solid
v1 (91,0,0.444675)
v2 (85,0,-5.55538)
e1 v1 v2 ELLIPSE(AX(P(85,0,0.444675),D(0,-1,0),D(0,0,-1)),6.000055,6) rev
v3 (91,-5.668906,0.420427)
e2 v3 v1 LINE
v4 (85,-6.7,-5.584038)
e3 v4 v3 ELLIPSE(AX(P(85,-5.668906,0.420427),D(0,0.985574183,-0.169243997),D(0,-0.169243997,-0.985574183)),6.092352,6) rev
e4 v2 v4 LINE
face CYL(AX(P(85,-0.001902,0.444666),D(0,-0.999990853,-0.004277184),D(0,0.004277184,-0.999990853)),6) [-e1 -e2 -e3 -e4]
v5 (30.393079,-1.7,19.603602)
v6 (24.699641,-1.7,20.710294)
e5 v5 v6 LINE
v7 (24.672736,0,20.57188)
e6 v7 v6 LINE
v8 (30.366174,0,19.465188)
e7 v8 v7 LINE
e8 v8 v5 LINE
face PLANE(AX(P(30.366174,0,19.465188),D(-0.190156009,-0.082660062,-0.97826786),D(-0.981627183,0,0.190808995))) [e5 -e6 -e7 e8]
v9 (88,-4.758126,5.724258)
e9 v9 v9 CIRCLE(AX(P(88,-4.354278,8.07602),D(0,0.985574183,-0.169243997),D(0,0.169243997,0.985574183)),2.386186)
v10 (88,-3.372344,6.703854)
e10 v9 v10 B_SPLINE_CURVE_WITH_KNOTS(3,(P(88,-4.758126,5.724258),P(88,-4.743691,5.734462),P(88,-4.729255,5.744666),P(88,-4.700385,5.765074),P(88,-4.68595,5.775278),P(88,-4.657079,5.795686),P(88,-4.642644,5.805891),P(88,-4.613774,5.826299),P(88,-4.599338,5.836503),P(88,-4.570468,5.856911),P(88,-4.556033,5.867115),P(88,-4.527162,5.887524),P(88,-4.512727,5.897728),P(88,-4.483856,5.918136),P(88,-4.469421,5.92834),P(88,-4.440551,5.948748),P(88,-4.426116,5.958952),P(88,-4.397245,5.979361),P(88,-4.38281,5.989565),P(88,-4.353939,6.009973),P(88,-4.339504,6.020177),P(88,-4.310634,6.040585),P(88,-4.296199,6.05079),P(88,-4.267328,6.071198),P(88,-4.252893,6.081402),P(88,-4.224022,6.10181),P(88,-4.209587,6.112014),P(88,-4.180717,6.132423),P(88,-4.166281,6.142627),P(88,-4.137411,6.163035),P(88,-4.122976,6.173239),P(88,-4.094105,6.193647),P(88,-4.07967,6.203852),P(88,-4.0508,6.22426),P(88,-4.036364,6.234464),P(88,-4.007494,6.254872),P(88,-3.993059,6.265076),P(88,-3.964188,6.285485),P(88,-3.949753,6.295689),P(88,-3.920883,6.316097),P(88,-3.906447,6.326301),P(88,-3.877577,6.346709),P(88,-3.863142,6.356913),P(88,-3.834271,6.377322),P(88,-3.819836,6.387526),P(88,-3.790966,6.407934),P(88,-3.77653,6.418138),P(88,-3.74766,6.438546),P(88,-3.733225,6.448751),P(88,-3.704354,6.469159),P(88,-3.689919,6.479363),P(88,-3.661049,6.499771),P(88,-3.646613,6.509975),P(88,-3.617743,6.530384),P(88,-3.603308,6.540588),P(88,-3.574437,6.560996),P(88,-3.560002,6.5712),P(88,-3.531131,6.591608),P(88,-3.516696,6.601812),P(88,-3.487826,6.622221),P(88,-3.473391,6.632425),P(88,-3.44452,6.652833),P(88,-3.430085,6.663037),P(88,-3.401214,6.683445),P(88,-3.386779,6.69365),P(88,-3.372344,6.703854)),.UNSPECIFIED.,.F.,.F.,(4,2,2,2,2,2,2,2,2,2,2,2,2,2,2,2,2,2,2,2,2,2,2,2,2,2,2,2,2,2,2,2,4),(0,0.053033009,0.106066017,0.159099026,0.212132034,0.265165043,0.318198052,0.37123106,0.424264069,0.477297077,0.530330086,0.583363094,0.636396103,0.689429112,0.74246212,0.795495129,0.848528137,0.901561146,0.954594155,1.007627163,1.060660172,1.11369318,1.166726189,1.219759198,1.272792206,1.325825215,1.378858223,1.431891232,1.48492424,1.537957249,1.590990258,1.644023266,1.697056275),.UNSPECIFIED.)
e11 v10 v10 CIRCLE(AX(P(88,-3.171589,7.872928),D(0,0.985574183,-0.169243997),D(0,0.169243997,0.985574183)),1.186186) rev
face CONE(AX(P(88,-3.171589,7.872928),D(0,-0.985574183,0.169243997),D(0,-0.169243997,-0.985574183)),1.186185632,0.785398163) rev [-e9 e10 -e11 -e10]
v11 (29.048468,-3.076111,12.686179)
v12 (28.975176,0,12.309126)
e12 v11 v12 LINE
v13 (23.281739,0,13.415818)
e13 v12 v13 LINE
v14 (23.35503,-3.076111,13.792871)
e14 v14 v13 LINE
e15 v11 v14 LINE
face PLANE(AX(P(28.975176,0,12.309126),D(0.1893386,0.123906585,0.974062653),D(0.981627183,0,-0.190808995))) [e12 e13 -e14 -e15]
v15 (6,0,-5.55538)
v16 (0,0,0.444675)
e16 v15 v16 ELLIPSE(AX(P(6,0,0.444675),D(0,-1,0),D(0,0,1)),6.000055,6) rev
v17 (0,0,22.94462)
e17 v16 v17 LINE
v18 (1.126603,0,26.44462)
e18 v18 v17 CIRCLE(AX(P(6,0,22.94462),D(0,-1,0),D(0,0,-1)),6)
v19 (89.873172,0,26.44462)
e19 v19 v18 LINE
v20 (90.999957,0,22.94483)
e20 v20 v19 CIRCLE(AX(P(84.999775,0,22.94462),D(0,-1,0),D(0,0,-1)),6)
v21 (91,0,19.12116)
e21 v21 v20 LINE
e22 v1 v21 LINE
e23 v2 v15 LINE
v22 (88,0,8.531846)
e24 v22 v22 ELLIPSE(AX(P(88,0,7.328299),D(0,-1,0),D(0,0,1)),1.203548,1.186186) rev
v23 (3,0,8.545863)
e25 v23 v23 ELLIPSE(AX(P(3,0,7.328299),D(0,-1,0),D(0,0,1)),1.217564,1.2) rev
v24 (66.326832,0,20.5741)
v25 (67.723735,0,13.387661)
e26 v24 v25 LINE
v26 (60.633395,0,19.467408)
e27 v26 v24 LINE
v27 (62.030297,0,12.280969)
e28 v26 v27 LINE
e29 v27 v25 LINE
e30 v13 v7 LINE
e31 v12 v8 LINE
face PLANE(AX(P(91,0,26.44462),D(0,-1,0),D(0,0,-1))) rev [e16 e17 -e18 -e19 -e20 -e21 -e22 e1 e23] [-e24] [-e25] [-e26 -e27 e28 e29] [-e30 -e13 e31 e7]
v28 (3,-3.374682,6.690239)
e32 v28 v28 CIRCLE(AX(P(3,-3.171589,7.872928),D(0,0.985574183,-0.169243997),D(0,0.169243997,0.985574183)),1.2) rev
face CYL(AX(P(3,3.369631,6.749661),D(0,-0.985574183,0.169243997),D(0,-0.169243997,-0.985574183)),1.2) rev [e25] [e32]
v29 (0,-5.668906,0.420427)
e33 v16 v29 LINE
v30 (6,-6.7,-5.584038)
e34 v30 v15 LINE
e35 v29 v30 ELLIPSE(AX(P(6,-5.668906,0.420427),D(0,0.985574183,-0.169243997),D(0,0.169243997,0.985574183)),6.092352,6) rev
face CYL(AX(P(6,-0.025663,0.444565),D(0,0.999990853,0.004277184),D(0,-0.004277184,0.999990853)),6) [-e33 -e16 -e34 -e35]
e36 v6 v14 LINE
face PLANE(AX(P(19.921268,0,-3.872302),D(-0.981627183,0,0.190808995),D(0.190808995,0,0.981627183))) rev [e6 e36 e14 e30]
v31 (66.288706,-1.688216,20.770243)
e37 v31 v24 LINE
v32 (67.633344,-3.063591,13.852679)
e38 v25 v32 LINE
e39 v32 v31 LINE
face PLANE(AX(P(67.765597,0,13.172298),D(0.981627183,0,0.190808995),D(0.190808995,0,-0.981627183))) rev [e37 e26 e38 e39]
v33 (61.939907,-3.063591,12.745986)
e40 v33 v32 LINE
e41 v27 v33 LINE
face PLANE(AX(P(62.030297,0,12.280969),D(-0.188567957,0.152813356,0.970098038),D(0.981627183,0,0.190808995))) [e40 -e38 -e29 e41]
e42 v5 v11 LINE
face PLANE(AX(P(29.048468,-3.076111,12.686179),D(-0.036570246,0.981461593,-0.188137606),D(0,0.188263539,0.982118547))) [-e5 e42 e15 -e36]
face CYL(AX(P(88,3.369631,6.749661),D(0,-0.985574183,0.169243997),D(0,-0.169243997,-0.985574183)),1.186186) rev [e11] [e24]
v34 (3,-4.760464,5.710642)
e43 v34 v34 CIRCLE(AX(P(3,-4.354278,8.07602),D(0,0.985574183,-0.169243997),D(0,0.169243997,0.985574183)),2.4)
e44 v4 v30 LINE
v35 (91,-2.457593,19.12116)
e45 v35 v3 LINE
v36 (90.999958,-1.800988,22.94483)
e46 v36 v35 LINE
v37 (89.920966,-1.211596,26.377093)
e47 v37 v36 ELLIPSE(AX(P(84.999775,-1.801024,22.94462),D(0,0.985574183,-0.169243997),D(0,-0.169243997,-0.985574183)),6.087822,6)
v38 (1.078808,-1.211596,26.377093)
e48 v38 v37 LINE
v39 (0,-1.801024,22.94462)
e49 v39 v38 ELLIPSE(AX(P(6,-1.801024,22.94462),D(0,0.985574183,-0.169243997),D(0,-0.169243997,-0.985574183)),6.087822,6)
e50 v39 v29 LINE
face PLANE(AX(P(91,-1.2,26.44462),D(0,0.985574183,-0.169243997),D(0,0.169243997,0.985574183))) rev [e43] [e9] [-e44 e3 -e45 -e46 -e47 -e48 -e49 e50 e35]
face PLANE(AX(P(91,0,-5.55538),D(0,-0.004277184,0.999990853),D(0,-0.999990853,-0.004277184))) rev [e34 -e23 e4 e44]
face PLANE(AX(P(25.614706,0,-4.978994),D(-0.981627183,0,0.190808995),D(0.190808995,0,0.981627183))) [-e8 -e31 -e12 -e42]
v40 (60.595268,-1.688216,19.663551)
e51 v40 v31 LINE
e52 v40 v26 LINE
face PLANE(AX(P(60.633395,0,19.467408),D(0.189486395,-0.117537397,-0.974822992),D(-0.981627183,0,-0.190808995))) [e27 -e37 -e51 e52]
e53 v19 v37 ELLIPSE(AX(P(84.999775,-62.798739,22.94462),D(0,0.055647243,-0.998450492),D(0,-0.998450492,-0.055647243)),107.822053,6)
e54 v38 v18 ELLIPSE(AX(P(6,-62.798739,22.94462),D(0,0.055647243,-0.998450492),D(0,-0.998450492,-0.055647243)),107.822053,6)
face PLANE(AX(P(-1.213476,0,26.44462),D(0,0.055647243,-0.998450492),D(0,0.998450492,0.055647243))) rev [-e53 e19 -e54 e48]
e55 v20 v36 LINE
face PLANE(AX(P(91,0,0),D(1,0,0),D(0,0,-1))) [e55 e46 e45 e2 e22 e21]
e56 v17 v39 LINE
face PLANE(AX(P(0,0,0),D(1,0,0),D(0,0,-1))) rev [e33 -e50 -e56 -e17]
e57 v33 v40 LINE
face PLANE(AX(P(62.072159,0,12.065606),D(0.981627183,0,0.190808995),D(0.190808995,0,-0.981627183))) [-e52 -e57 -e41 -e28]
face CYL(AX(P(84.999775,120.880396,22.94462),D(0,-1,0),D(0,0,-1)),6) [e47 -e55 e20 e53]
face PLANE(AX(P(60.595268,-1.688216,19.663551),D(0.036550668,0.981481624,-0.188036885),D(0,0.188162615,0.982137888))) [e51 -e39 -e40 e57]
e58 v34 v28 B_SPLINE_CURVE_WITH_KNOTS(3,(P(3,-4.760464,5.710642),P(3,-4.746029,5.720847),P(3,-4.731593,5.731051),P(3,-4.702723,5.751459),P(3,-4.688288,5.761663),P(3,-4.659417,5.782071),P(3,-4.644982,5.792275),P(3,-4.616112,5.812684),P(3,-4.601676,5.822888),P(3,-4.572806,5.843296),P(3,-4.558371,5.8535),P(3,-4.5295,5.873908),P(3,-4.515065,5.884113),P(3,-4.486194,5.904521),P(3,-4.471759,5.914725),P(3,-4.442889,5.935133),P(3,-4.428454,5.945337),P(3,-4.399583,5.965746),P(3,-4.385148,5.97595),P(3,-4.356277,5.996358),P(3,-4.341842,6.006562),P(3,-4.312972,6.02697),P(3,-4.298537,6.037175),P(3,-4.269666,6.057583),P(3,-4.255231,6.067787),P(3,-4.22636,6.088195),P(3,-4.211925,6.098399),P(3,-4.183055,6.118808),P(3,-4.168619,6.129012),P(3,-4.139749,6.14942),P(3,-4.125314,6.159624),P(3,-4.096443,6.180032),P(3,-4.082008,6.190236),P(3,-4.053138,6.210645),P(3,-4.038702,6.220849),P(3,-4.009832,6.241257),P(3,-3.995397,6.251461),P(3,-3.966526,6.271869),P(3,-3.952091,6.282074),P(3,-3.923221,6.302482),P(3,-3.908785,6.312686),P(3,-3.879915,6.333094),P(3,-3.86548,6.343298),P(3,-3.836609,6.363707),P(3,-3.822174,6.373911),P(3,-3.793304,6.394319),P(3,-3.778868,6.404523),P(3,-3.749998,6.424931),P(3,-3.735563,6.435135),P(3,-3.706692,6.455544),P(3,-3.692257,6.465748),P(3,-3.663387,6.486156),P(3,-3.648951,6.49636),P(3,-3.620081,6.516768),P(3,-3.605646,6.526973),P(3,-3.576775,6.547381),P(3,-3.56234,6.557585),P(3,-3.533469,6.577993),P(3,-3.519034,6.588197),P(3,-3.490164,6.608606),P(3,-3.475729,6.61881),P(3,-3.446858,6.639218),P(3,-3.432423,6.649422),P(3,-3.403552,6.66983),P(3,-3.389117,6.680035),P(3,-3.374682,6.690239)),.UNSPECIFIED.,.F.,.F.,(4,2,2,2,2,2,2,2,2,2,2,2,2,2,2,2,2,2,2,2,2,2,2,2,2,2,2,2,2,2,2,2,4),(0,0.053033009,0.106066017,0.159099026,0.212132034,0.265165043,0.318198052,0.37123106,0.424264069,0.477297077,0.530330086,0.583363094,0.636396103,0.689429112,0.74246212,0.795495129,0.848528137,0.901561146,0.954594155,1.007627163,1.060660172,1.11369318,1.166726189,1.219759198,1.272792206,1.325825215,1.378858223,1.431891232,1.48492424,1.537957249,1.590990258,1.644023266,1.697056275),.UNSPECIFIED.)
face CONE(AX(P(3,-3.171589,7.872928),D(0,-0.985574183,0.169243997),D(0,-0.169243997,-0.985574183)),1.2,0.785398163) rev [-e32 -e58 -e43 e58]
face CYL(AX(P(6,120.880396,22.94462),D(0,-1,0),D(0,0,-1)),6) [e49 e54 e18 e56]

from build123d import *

# Parameters (mm, degrees)
EXTRUDE_2_DEPTH          = 91
FILLET_2_R               = 6
CUT_EXTRUDE_3_DEPTH      = 2.9
CUT_EXTRUDE_3_DEPTH_BACK = 2.9
CUT_EXTRUDE_4_DEPTH      = 2.9
CUT_EXTRUDE_4_DEPTH_BACK = 2.9
CUT_EXTRUDE_5_REACH      = 96.666
SKETCH_17_R              = 1.186185632
SKETCH_17_R_2            = 1.2
CHAMFER_1_SIZE           = 1.2
CUT_EXTRUDE_6_DEPTH      = 91
CUT_EXTRUDE_7_DEPTH      = 96.001094263
CUT_EXTRUDE_7_DEPTH_BACK = 96.001094263


with BuildPart() as part:
    # Эскиз2 → Бобышка-Вытянуть2 (new body)
    with BuildSketch(Plane(origin=(0, 0, 0), x_dir=(0, 0, -1), z_dir=(1, 0, 0))):
        Polygon((-26.444619702, 0), (5.555380298, 0), (5.584037691, -6.7), (-26.444619702, -1.2), align=None)
    extrude(amount=EXTRUDE_2_DEPTH)

    # Скругление2
    fillet_2_edges = [part.edges().sort_by_distance(p)[0] for p in [
        (91, -3.35, -5.569708994),
        (0, -3.35, -5.569708994),
    ]]
    fillet(fillet_2_edges, radius=FILLET_2_R)

    # Эскиз7 → Вырез-Вытянуть3 (cut, two sides: drawn at the far end of the back side and taken through both)
    with BuildSketch(Plane(origin=(22.76798721, 0, -4.425648392), x_dir=(0, -1, 0), z_dir=(0.9816271834476652, 0, -0.19080899537653845)).offset(-CUT_EXTRUDE_3_DEPTH_BACK)):
        Polygon((0, -17.611696981), (0, -24.901696981), (1.7, -25.042701632), (3.07611105, -17.995807395), align=None)
    extrude(amount=CUT_EXTRUDE_3_DEPTH + CUT_EXTRUDE_3_DEPTH_BACK, mode=Mode.SUBTRACT)

    # Эскиз16 → Вырез-Вытянуть4 (cut, two sides: drawn at the far end of the back side and taken through both)
    with BuildSketch(Plane(origin=(64.918878173, 0, 12.618951608), x_dir=(0, -1, 0), z_dir=(-0.9816271834476652, 0, -0.19080899537653845)).offset(-CUT_EXTRUDE_4_DEPTH_BACK)):
        Polygon((0, 0.219393943), (3.063590709, 0.693115345), (1.688216377, 7.740153407), (0, 7.540339831), align=None)
    extrude(amount=CUT_EXTRUDE_4_DEPTH + CUT_EXTRUDE_4_DEPTH_BACK, mode=Mode.SUBTRACT)

    # Вырез-Вытянуть5: up to this plane
    cut_extrude_5_end = Plane(origin=(91, 0, 26.444619702), z_dir=(0, -1, 0))
    # Эскиз17 → Вырез-Вытянуть5 (cut, up to the surface)
    with BuildSketch(Plane(origin=(0, -5.576656818, 0.957630291), x_dir=(1, 0, 0), z_dir=(0, -0.9855741825905647, 0.16924399726708236)), mode=Mode.PRIVATE) as cut_extrude_5_sk1:
        with Locations(Location((88, 7.222581836, 0), (0, 0, 270))):
            Circle(SKETCH_17_R)
    cut_extrude_5_tool1 = split(extrude(cut_extrude_5_sk1.sketch, amount=-CUT_EXTRUDE_5_REACH, mode=Mode.PRIVATE), bisect_by=cut_extrude_5_end, keep=Keep.BOTH, mode=Mode.PRIVATE)
    add(cut_extrude_5_tool1.solids().sort_by_distance((88, -4.354278, 8.07602))[0], mode=Mode.SUBTRACT)
    # Эскиз17 → Вырез-Вытянуть5 (cut, up to the surface)
    with BuildSketch(Plane(origin=(0, -5.576656818, 0.957630291), x_dir=(1, 0, 0), z_dir=(0, -0.9855741825905647, 0.16924399726708236)), mode=Mode.PRIVATE) as cut_extrude_5_sk2:
        with Locations(Location((3, 7.222581836, 0), (0, 0, 270))):
            Circle(SKETCH_17_R_2)
    cut_extrude_5_tool2 = split(extrude(cut_extrude_5_sk2.sketch, amount=-CUT_EXTRUDE_5_REACH, mode=Mode.PRIVATE), bisect_by=cut_extrude_5_end, keep=Keep.BOTH, mode=Mode.PRIVATE)
    add(cut_extrude_5_tool2.solids().sort_by_distance((3, -4.354278, 8.07602))[0], mode=Mode.SUBTRACT)

    # Фаска1
    chamfer_1_edges = [part.edges().sort_by_distance(p)[0] for p in [
        (88, -4.1535234, 9.245094415),
        (3, -4.151185401, 9.258709499),
    ]]
    chamfer(chamfer_1_edges, length=CHAMFER_1_SIZE)

    # Эскиз21 → Вырез-Вытянуть6 (cut)
    with BuildSketch(Plane(origin=(91, 0, 0), x_dir=(0, 0, -1), z_dir=(1, 0, 0))):
        Polygon((-26.444619702, 0), (-26.377093105, -1.211595749), (-26.444619702, -1.2), align=None)
    extrude(amount=-CUT_EXTRUDE_6_DEPTH, mode=Mode.SUBTRACT)

    # Эскиз22 → Вырез-Вытянуть7 (cut, two sides: drawn at the far end of the back side and taken through both)
    with BuildSketch(Plane(origin=(0, 0, 0), x_dir=(1, 0, 0), z_dir=(0, 1, 0)).offset(-CUT_EXTRUDE_7_DEPTH_BACK)):
        with BuildLine():
            ThreePointArc((1.126602828, -26.444619702), (0.288591109, -24.783045247), (0, -22.944619702))
            Line((0, -22.944619702), (0, -26.444619702))
            Line((0, -26.444619702), (1.126602828, -26.444619702))
        make_face()
        with BuildLine():
            ThreePointArc((90.999774909, -22.944972896), (90.711129698, -24.783213348), (89.873172092, -26.444619702))
            Line((89.873172092, -26.444619702), (91, -26.444619702))
            Line((91, -26.444619702), (91, -19.121160447))
            Line((91, -19.121160447), (90.999774909, -22.944972896))
        make_face()
    extrude(amount=CUT_EXTRUDE_7_DEPTH + CUT_EXTRUDE_7_DEPTH_BACK, mode=Mode.SUBTRACT)


solid = part.part
